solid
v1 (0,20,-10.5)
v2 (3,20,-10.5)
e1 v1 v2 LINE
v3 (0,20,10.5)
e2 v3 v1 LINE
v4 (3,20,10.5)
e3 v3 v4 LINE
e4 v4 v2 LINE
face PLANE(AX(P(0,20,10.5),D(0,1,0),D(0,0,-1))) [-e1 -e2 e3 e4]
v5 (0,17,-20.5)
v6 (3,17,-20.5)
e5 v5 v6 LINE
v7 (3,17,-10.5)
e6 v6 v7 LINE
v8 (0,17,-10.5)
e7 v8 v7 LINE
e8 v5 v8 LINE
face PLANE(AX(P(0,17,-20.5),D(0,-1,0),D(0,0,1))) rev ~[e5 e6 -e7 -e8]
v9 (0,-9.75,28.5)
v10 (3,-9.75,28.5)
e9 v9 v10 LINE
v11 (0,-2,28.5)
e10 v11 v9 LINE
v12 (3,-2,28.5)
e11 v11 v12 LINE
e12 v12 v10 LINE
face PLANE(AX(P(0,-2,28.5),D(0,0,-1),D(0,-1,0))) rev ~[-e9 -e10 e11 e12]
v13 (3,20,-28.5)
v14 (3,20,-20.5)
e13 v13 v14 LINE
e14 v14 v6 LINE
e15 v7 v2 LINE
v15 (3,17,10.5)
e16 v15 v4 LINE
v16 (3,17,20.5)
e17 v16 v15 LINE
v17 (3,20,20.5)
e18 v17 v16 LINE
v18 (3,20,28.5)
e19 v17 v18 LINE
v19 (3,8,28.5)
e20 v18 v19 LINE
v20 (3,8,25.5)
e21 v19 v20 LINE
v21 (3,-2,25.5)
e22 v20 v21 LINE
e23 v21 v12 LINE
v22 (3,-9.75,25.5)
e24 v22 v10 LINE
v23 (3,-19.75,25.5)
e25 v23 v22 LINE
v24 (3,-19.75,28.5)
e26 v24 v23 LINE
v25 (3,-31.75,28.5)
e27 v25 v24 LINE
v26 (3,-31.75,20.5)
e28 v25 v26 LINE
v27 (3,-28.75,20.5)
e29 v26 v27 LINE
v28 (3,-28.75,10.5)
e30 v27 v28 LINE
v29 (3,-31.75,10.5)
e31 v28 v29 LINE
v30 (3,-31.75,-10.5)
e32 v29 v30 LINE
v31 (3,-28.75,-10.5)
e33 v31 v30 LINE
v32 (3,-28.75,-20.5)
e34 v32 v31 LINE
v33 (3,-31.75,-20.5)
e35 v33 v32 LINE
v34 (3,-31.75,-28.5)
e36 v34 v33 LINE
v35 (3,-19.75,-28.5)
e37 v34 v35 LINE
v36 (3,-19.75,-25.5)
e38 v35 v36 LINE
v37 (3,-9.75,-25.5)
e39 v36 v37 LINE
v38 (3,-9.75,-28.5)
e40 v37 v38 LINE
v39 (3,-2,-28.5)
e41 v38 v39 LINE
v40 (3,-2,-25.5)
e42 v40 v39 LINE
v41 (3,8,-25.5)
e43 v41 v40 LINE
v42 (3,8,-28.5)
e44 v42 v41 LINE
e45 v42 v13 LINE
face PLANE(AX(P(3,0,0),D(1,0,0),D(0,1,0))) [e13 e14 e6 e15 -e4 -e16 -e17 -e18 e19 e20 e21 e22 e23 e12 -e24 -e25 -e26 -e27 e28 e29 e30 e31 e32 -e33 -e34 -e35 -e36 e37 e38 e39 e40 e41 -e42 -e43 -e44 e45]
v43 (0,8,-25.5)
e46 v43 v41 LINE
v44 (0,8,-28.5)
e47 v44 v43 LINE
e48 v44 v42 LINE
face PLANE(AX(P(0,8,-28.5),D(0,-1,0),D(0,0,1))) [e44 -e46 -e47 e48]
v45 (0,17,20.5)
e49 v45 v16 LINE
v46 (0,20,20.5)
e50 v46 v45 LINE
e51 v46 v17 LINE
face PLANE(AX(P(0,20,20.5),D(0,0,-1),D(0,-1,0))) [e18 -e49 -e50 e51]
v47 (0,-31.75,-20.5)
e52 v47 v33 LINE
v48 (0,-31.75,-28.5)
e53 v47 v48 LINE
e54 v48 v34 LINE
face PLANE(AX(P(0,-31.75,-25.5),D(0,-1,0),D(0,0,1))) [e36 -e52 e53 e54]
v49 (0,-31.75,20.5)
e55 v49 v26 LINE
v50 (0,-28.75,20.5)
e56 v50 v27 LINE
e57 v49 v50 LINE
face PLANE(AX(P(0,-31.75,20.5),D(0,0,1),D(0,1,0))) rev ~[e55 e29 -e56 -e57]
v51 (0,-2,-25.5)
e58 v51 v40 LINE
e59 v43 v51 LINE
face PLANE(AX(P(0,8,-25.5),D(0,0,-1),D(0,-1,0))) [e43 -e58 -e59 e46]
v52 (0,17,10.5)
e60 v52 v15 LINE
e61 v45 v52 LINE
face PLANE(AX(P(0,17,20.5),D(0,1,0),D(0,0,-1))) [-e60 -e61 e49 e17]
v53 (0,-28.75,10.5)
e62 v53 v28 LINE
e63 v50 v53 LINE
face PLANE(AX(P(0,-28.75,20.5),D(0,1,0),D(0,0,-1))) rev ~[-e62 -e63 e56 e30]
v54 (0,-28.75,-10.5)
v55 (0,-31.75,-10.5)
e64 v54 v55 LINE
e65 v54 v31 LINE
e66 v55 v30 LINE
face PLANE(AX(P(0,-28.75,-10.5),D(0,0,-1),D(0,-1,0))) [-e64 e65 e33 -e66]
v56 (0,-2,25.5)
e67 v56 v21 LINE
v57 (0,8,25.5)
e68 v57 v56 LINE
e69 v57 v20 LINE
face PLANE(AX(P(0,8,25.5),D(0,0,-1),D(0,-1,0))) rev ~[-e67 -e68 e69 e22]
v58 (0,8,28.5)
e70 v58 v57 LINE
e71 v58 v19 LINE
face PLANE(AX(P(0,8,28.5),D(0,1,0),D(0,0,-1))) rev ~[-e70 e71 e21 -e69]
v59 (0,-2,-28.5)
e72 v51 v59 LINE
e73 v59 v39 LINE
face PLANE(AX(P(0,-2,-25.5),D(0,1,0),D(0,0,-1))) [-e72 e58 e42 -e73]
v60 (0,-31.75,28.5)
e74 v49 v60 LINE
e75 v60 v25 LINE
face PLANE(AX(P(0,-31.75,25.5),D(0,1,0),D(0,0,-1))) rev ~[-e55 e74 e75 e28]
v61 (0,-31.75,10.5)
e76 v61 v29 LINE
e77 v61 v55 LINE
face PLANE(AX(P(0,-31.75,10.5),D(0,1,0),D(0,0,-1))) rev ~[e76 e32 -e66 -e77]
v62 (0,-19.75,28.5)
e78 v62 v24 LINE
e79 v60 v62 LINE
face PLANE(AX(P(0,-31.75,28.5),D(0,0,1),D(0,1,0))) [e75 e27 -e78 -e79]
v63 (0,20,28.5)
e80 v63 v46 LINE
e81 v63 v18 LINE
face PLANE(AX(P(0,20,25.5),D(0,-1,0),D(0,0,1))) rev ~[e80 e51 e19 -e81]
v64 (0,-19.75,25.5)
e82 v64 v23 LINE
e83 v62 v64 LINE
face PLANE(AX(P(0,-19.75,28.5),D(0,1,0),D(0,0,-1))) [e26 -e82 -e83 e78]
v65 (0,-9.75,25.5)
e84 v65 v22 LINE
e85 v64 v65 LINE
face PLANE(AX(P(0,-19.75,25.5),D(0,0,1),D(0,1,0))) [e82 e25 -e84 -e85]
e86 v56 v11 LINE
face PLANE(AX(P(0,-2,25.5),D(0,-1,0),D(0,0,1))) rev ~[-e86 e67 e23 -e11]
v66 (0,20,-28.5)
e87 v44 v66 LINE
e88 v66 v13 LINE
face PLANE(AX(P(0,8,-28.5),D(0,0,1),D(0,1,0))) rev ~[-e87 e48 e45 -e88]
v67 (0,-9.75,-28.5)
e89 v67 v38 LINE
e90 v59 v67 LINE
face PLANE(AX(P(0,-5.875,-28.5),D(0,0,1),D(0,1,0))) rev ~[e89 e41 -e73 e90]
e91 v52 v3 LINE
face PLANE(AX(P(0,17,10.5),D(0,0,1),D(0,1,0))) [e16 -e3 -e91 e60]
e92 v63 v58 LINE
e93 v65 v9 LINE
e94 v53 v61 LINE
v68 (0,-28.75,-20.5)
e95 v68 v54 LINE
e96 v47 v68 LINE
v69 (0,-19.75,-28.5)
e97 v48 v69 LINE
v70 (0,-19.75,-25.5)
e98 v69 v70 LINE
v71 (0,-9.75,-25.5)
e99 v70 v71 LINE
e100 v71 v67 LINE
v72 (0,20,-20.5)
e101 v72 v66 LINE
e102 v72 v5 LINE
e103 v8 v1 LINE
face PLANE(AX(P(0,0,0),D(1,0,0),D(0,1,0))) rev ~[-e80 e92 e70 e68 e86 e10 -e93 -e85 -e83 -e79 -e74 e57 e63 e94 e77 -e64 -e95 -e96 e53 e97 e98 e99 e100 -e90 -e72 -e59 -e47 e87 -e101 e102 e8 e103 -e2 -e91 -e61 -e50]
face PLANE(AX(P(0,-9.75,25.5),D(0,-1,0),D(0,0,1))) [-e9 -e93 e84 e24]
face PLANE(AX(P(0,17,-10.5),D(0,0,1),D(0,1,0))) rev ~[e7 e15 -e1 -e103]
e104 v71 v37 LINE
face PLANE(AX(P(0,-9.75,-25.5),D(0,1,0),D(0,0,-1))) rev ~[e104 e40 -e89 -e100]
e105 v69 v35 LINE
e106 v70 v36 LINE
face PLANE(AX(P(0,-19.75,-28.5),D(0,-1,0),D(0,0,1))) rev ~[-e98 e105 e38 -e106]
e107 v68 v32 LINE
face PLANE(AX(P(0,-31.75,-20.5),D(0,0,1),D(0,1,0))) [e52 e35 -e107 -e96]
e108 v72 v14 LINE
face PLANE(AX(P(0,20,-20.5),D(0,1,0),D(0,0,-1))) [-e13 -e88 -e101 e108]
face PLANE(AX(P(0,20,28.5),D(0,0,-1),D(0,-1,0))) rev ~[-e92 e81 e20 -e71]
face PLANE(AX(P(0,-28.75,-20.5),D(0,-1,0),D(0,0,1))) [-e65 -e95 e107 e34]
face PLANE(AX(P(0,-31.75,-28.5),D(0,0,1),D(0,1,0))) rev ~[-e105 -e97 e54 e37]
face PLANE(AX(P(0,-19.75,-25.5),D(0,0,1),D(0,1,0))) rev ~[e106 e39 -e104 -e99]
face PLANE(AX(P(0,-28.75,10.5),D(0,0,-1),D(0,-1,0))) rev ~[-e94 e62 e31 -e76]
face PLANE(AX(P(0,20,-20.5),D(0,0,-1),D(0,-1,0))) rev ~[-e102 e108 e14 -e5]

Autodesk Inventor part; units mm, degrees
ref_plane "YZ Plane" through (0, 0, 0) normal (1, 0, 0) x (0, 1, 0)
ref_plane "XZ Plane" through (0, 0, 0) normal (0, 1, 0) x (-1, 0, 0)
ref_plane "XY Plane" through (0, 0, 0) normal (0, 0, 1) x (1, 0, 0)
sketch "Sketch1" plane through (0, 0, 0) normal (1, 0, 0) x (0, 1, 0)
  circle A0 centre (0, 0) radius 7.5
  line L0 (-31.75, -25.5) -> (-31.75, -20.5)
  line L1 (-31.75, -20.5) -> (-28.75, -20.5)
  line L2 (-28.75, -20.5) -> (-28.75, -10.5)
  line L3 (-28.75, -10.5) -> (-31.75, -10.5)
  line L4 (0, 0) -> (-31.75, 0) construction
  line L5 (-31.75, 20.5) -> (-28.75, 20.5)
  line L6 (-28.75, 20.5) -> (-28.75, 10.5)
  line L7 (-28.75, 10.5) -> (-31.75, 10.5)
  line L8 (-31.75, 25.5) -> (-31.75, 20.5)
  line L9 (-31.75, 10.5) -> (-31.75, -10.5)
  line L10 (-31.75, -20.5) -> (-31.75, -25.5)
  line L11 (20, 25.5) -> (20, 20.5)
  line L12 (20, 20.5) -> (17, 20.5)
  line L13 (17, 20.5) -> (17, 10.5)
  line L14 (17, 10.5) -> (20, 10.5)
  line L15 (20, -20.5) -> (17, -20.5)
  line L16 (17, -20.5) -> (17, -10.5)
  line L17 (17, -10.5) -> (20, -10.5)
  line L18 (20, 25.5) -> (20, 20.5)
  line L19 (20, 10.5) -> (20, -10.5)
  line L20 (20, -20.5) -> (20, -25.5)
  line L21 (20, 25.5) -> (20, 28.5)
  line L22 (-31.75, 28.5) -> (-31.75, 25.5)
  line L23 (-31.75, -25.5) -> (-31.75, -28.5)
  line L24 (20, -28.5) -> (20, -25.5)
  line L25 (-31.75, 28.5) -> (-19.75, 28.5)
  line L26 (-19.75, 28.5) -> (-19.75, 25.5)
  line L27 (-19.75, 25.5) -> (-9.75, 25.5)
  line L28 (-9.75, 25.5) -> (-9.75, 28.5)
  line L29 (-5.875, -28.5) -> (-5.875, 0) construction
  line L30 (8, 28.5) -> (8, 25.5)
  line L31 (8, 25.5) -> (-2, 25.5)
  line L32 (-2, 25.5) -> (-2, 28.5)
  line L33 (-19.75, -28.5) -> (-19.75, -25.5)
  line L34 (-19.75, -25.5) -> (-9.75, -25.5)
  line L35 (-9.75, -25.5) -> (-9.75, -28.5)
  line L36 (8, -25.5) -> (-2, -25.5)
  line L37 (8, -28.5) -> (8, -25.5)
  line L38 (-2, -25.5) -> (-2, -28.5)
  line L39 (-19.75, 28.5) -> (-31.75, 28.5)
  line L40 (20, 28.5) -> (8, 28.5)
  line L41 (-2, 28.5) -> (-9.75, 28.5)
  line L42 (-31.75, -28.5) -> (-19.75, -28.5)
  line L43 (-9.75, -28.5) -> (-2, -28.5)
  line L44 (8, -28.5) -> (20, -28.5)
  line L45 (-31.75, -28.5) -> (-19.75, -28.5)
  line L46 (-9.75, -28.5) -> (-5.875, -28.5)
  line L47 (-28.75, 20.5) -> (-23.5, 20.5) construction
  line L48 (-23.5, 20.5) -> (-23.5, -28.5) construction
  line L49 (-23.5, 0) -> (-23.5, -8) construction
  line L50 (-23.5, -8) -> (-20.5, -8)
  line L51 (-20.5, -8) -> (-20.5, -16)
  line L52 (-20.5, -16) -> (-23.5, -16)
  line L53 (-23.5, -8) -> (-23.5, -16)
  line L54 (-23.5, -20.5) -> (-23.5, 28.5) construction
  line L55 (-23.5, 0) -> (-23.5, 8) construction
  line L56 (-23.5, 8) -> (-20.5, 8)
  line L57 (-20.5, 8) -> (-20.5, 16)
  line L58 (-20.5, 16) -> (-23.5, 16)
  line L59 (-23.5, 8) -> (-23.5, 16)
  line L60 (0, -7.5) -> (0, -9.5) construction
  line L61 (0, -9.5) -> (1.5, -9.5)
  line L62 (1.5, -9.5) -> (1.5, -13.5)
  line L63 (1.5, -13.5) -> (-1.5, -13.5)
  line L64 (-1.5, -13.5) -> (-1.5, -9.5)
  line L65 (-1.5, -9.5) -> (0, -9.5)
  line L66 (0, 9.5) -> (1.5, 9.5)
  line L67 (1.5, 9.5) -> (1.5, 13.5)
  line L68 (1.5, 13.5) -> (-1.5, 13.5)
  line L69 (-1.5, 13.5) -> (-1.5, 9.5)
  line L70 (-1.5, 9.5) -> (0, 9.5)
  line L71 (7.5, 0) -> (9.5, 0) construction
  line L72 (9.5, 0) -> (9.5, -1.5)
  line L73 (9.5, -1.5) -> (13.5, -1.5)
  line L74 (13.5, -1.5) -> (13.5, 1.5)
  line L75 (13.5, 1.5) -> (9.5, 1.5)
  line L76 (9.5, 1.5) -> (9.5, 0)
  line L77 (-7.5, 0) -> (-9.5, 0) construction
  line L78 (-9.5, 0) -> (-9.5, -1.5)
  line L79 (-9.5, -1.5) -> (-13.5, -1.5)
  line L80 (-13.5, -1.5) -> (-13.5, 1.5)
  line L81 (-13.5, 1.5) -> (-9.5, 1.5)
  line L82 (-9.5, 1.5) -> (-9.5, 0)
  dimension "d0" = 15
  dimension "d3" = 51
  dimension "d7" = 5
  dimension "d8" = 3
  dimension "d9" = 10
  dimension "d10" = 3
  dimension "d11" = 51.75
  dimension "d12" = 3
  dimension "d13" = 3
  dimension "d14" = 12
  dimension "d15" = 3
  dimension "d16" = 10
  dimension "d17" = 25.875
  dimension "d18" = 5.25
  dimension "d19" = 8
  dimension "d20" = 3
  dimension "d21" = 8
  dimension "d22" = 2
  dimension "d23" = 1.5
  dimension "d24" = 4
  dimension "d25" = 3
  dimension "d26" = 2
  dimension "d27" = 1.5
  dimension "d28" = 4
  dimension "d29" = 3
extrude "Extrusion1" add sketch "Sketch1" along normal blind 3
sketch "Sketch3" plane through (0, 0, 0) normal (-1, 0, 0) x (0, 0, 1)
  circle A0 centre (0, 0) radius 7.5
  line L0 (-13.5, -1.5) -> (-9.5, -1.5) projected
  line L1 (-9.5, -1.5) -> (-9.5, 1.5) projected
  line L2 (-9.5, -1.5) -> (-9.5, 1.5)
  line L3 (-13.5, 1.5) -> (-13.5, -1.5) projected
  line L4 (-9.5, 1.5) -> (-13.5, 1.5)
  line L5 (-13.5, 1.5) -> (-13.5, -1.5)
  line L6 (-13.5, -1.5) -> (-9.5, -1.5)
  line L7 (-1.5, 9.5) -> (1.5, 9.5) projected
  line L8 (1.5, 13.5) -> (-1.5, 13.5) projected
  line L9 (-1.5, 9.5) -> (-1.5, 13.5)
  line L10 (-1.5, 13.5) -> (1.5, 13.5)
  line L11 (1.5, 13.5) -> (1.5, 9.5)
  line L12 (1.5, 9.5) -> (-1.5, 9.5)
  line L13 (1.5, -9.5) -> (-1.5, -9.5) projected
  line L14 (-1.5, -9.5) -> (1.5, -9.5)
  line L15 (1.5, -13.5) -> (1.5, -9.5) projected
  line L16 (1.5, -9.5) -> (1.5, -13.5)
  line L17 (-1.5, -13.5) -> (1.5, -13.5) projected
  line L18 (1.5, -13.5) -> (-1.5, -13.5)
  line L19 (-1.5, -9.5) -> (-1.5, -13.5) projected
  line L20 (-1.5, -13.5) -> (-1.5, -9.5)
  line L21 (13.5, 1.5) -> (9.5, 1.5) projected
  line L22 (9.5, 1.5) -> (9.5, -1.5) projected
  line L23 (9.5, 1.5) -> (9.5, -1.5)
  line L24 (13.5, -1.5) -> (13.5, 1.5) projected
  line L25 (9.5, -1.5) -> (13.5, -1.5)
  line L26 (13.5, -1.5) -> (13.5, 1.5)
  line L27 (13.5, 1.5) -> (9.5, 1.5)
  line L28 (8, -23.5) -> (16, -23.5) projected
  line L29 (16, -20.5) -> (8, -20.5) projected
  line L30 (16, -23.5) -> (16, -20.5)
  line L31 (16, -20.5) -> (8, -20.5)
  line L32 (8, -20.5) -> (8, -23.5) projected
  line L33 (8, -20.5) -> (8, -23.5)
  line L34 (8, -23.5) -> (16, -23.5)
  line L35 (-8, -23.5) -> (-8, -20.5) projected
  line L36 (-8, -23.5) -> (-8, -20.5)
  line L37 (-8, -20.5) -> (-16, -20.5) projected
  line L38 (-8, -20.5) -> (-16, -20.5)
  line L39 (-16, -20.5) -> (-16, -23.5) projected
  line L40 (-16, -20.5) -> (-16, -23.5)
  line L41 (-16, -23.5) -> (-8, -23.5) projected
  line L42 (-16, -23.5) -> (-8, -23.5)
extrude "Extrusion2" add sketch "Sketch3" against normal up to surface (3 mm away)
properties part number "Trasera"
